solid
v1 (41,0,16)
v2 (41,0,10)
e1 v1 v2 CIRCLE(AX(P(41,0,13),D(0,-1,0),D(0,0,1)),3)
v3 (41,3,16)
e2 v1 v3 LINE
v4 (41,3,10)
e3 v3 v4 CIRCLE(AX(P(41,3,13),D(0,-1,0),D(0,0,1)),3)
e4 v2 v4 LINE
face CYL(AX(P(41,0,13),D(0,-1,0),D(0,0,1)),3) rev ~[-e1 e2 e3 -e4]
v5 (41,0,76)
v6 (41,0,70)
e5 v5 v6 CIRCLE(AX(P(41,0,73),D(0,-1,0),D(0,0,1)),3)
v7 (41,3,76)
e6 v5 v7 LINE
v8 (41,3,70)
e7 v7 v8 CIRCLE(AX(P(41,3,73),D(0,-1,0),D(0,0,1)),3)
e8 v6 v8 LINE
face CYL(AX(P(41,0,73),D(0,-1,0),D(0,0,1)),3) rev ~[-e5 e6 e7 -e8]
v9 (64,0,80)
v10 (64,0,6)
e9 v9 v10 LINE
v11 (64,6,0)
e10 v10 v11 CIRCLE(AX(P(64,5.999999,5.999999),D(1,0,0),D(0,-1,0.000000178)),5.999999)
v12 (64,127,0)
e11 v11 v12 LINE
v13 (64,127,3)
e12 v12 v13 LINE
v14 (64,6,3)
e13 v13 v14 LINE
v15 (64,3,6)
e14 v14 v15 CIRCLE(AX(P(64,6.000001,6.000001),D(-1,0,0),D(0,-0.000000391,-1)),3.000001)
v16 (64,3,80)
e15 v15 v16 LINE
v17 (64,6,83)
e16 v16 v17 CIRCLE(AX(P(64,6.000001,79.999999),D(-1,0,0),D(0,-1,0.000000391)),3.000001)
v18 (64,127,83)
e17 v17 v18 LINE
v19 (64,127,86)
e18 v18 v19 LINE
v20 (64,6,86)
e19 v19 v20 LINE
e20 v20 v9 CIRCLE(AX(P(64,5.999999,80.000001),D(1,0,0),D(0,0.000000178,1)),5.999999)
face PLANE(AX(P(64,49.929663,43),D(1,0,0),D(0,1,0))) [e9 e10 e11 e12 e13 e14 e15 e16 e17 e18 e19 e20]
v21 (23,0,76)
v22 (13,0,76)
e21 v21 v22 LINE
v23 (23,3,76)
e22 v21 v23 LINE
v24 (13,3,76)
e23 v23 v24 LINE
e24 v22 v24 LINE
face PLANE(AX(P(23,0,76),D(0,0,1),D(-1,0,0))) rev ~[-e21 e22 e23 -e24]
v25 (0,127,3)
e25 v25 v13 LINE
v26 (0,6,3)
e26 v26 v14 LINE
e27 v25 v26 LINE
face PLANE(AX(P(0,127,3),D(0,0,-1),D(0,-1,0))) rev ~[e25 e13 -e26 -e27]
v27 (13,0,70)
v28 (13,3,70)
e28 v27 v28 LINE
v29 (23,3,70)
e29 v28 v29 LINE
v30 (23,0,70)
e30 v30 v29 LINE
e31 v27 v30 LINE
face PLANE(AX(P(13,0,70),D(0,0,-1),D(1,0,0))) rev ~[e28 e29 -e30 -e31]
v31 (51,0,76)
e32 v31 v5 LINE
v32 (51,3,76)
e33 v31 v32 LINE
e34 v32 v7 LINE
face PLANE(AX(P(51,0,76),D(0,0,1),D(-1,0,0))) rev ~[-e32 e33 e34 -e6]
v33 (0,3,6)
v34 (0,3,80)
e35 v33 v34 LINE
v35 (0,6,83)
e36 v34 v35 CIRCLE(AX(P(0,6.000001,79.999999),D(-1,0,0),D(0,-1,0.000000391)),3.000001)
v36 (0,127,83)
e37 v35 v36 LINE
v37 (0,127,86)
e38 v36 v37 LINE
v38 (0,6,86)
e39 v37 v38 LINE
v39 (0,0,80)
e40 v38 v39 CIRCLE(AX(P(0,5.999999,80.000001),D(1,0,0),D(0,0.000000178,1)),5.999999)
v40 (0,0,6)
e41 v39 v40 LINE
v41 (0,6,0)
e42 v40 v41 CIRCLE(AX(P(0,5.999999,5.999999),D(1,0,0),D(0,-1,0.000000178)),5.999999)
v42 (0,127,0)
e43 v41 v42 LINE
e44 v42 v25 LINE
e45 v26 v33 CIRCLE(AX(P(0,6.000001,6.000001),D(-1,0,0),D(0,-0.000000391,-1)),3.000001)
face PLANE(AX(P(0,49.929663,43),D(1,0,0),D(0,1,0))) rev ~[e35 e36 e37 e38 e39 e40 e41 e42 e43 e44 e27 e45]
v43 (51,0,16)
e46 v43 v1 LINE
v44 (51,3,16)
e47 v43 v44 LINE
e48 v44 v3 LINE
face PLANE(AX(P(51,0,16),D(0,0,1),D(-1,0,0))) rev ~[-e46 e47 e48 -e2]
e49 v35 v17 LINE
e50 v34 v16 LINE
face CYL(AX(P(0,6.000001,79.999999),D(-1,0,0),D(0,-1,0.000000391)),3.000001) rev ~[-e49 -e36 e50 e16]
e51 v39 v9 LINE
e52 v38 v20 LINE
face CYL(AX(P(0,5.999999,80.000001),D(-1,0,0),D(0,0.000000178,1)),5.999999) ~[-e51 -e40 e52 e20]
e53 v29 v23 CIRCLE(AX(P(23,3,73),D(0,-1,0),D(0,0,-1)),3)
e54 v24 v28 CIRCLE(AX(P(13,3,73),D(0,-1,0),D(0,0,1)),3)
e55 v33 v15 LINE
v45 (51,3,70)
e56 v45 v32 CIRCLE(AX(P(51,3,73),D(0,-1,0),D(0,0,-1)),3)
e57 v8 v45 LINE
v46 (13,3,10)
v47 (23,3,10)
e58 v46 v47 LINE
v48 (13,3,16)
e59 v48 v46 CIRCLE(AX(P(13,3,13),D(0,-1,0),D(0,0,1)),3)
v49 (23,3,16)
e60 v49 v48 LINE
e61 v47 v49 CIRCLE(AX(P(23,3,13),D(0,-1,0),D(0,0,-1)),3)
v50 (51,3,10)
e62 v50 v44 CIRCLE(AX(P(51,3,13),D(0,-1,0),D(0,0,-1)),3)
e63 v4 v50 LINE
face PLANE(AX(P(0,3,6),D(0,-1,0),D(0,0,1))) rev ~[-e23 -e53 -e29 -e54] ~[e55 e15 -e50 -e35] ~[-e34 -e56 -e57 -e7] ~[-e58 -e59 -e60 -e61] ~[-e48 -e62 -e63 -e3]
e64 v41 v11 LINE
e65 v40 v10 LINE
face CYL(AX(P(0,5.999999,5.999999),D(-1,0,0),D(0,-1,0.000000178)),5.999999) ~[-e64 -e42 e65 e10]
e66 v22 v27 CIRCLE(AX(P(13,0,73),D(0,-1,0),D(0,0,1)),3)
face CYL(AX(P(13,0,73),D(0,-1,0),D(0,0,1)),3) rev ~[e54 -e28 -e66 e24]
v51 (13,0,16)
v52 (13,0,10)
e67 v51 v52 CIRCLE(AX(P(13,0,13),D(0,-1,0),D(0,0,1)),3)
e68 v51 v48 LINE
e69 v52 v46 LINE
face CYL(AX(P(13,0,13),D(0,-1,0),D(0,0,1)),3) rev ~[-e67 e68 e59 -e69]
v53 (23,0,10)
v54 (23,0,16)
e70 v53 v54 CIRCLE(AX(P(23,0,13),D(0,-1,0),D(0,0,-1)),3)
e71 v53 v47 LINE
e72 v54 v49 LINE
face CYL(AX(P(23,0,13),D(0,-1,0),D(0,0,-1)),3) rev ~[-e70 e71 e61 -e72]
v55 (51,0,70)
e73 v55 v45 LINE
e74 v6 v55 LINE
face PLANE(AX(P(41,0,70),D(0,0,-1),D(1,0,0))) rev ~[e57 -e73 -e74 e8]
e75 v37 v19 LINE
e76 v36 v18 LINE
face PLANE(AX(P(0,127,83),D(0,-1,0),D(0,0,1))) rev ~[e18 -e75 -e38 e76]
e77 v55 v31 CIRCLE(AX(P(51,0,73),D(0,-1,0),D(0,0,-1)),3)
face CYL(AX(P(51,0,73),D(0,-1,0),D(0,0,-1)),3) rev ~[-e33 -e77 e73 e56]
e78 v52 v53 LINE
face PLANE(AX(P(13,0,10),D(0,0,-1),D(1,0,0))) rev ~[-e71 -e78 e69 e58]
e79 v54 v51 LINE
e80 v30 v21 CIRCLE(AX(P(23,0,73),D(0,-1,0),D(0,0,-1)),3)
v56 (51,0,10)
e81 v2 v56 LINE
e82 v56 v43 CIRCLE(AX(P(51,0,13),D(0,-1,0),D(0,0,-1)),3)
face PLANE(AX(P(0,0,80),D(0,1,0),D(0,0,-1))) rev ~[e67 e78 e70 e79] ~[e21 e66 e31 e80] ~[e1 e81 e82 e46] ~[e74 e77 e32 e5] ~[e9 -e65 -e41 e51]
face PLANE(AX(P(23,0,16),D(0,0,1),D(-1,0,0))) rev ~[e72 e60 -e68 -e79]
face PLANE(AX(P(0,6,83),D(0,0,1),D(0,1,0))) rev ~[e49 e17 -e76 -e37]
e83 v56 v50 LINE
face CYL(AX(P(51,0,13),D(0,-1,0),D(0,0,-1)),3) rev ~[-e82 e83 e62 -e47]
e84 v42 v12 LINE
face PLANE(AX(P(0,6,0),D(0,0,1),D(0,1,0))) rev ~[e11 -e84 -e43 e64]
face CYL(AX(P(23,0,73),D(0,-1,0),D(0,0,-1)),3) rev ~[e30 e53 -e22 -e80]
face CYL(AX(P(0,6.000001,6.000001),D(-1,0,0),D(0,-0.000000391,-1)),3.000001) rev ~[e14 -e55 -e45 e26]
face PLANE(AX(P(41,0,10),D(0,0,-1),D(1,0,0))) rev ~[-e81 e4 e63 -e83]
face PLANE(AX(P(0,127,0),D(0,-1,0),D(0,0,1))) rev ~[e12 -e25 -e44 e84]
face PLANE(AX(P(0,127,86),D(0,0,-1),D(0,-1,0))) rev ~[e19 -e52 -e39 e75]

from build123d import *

# Parameters (mm, degrees)
F1_DEPTH = 64
F3_DEPTH = 3


with BuildPart() as f1:
    # F0 (on Right) → F1 (new body)
    with BuildSketch(Plane.YZ):
        with BuildLine():
            Line((0, 80), (0, 6))
            ThreePointArc((0, 6), (1.757359, 1.757359), (6, 0))
            Line((6, 0), (127, 0))
            Line((127, 0), (127, 3))
            Line((127, 3), (6, 3))
            ThreePointArc((6, 3), (3.87868, 3.87868), (3, 6))
            Line((3, 6), (3, 80))
            ThreePointArc((3, 80), (3.87868, 82.12132), (6, 83))
            Line((6, 83), (127, 83))
            Line((127, 83), (127, 86))
            Line((127, 86), (6, 86))
            ThreePointArc((6, 86), (1.757359, 84.242641), (0, 80))
        make_face()
    extrude(amount=F1_DEPTH)

    # F2 (on face) → F3 (cut, through all)
    with BuildSketch(Plane.XZ):
        with BuildLine():
            ThreePointArc((13, 76), (10, 73), (13, 70))
            Line((13, 70), (23, 70))
            ThreePointArc((23, 70), (26, 73), (23, 76))
            Line((23, 76), (13, 76))
        make_face()
        with BuildLine():
            Line((51, 76), (41, 76))
            ThreePointArc((41, 76), (38, 73), (41, 70))
            Line((41, 70), (51, 70))
            ThreePointArc((51, 70), (54, 73), (51, 76))
        make_face()
        with BuildLine():
            ThreePointArc((41, 16), (38, 13), (41, 10))
            Line((41, 10), (51, 10))
            ThreePointArc((51, 10), (54, 13), (51, 16))
            Line((51, 16), (41, 16))
        make_face()
        with BuildLine():
            Line((23, 16), (13, 16))
            ThreePointArc((13, 16), (10, 13), (13, 10))
            Line((13, 10), (23, 10))
            ThreePointArc((23, 10), (26, 13), (23, 16))
        make_face()
    extrude(amount=-F3_DEPTH, mode=Mode.SUBTRACT)


solid = f1.part
